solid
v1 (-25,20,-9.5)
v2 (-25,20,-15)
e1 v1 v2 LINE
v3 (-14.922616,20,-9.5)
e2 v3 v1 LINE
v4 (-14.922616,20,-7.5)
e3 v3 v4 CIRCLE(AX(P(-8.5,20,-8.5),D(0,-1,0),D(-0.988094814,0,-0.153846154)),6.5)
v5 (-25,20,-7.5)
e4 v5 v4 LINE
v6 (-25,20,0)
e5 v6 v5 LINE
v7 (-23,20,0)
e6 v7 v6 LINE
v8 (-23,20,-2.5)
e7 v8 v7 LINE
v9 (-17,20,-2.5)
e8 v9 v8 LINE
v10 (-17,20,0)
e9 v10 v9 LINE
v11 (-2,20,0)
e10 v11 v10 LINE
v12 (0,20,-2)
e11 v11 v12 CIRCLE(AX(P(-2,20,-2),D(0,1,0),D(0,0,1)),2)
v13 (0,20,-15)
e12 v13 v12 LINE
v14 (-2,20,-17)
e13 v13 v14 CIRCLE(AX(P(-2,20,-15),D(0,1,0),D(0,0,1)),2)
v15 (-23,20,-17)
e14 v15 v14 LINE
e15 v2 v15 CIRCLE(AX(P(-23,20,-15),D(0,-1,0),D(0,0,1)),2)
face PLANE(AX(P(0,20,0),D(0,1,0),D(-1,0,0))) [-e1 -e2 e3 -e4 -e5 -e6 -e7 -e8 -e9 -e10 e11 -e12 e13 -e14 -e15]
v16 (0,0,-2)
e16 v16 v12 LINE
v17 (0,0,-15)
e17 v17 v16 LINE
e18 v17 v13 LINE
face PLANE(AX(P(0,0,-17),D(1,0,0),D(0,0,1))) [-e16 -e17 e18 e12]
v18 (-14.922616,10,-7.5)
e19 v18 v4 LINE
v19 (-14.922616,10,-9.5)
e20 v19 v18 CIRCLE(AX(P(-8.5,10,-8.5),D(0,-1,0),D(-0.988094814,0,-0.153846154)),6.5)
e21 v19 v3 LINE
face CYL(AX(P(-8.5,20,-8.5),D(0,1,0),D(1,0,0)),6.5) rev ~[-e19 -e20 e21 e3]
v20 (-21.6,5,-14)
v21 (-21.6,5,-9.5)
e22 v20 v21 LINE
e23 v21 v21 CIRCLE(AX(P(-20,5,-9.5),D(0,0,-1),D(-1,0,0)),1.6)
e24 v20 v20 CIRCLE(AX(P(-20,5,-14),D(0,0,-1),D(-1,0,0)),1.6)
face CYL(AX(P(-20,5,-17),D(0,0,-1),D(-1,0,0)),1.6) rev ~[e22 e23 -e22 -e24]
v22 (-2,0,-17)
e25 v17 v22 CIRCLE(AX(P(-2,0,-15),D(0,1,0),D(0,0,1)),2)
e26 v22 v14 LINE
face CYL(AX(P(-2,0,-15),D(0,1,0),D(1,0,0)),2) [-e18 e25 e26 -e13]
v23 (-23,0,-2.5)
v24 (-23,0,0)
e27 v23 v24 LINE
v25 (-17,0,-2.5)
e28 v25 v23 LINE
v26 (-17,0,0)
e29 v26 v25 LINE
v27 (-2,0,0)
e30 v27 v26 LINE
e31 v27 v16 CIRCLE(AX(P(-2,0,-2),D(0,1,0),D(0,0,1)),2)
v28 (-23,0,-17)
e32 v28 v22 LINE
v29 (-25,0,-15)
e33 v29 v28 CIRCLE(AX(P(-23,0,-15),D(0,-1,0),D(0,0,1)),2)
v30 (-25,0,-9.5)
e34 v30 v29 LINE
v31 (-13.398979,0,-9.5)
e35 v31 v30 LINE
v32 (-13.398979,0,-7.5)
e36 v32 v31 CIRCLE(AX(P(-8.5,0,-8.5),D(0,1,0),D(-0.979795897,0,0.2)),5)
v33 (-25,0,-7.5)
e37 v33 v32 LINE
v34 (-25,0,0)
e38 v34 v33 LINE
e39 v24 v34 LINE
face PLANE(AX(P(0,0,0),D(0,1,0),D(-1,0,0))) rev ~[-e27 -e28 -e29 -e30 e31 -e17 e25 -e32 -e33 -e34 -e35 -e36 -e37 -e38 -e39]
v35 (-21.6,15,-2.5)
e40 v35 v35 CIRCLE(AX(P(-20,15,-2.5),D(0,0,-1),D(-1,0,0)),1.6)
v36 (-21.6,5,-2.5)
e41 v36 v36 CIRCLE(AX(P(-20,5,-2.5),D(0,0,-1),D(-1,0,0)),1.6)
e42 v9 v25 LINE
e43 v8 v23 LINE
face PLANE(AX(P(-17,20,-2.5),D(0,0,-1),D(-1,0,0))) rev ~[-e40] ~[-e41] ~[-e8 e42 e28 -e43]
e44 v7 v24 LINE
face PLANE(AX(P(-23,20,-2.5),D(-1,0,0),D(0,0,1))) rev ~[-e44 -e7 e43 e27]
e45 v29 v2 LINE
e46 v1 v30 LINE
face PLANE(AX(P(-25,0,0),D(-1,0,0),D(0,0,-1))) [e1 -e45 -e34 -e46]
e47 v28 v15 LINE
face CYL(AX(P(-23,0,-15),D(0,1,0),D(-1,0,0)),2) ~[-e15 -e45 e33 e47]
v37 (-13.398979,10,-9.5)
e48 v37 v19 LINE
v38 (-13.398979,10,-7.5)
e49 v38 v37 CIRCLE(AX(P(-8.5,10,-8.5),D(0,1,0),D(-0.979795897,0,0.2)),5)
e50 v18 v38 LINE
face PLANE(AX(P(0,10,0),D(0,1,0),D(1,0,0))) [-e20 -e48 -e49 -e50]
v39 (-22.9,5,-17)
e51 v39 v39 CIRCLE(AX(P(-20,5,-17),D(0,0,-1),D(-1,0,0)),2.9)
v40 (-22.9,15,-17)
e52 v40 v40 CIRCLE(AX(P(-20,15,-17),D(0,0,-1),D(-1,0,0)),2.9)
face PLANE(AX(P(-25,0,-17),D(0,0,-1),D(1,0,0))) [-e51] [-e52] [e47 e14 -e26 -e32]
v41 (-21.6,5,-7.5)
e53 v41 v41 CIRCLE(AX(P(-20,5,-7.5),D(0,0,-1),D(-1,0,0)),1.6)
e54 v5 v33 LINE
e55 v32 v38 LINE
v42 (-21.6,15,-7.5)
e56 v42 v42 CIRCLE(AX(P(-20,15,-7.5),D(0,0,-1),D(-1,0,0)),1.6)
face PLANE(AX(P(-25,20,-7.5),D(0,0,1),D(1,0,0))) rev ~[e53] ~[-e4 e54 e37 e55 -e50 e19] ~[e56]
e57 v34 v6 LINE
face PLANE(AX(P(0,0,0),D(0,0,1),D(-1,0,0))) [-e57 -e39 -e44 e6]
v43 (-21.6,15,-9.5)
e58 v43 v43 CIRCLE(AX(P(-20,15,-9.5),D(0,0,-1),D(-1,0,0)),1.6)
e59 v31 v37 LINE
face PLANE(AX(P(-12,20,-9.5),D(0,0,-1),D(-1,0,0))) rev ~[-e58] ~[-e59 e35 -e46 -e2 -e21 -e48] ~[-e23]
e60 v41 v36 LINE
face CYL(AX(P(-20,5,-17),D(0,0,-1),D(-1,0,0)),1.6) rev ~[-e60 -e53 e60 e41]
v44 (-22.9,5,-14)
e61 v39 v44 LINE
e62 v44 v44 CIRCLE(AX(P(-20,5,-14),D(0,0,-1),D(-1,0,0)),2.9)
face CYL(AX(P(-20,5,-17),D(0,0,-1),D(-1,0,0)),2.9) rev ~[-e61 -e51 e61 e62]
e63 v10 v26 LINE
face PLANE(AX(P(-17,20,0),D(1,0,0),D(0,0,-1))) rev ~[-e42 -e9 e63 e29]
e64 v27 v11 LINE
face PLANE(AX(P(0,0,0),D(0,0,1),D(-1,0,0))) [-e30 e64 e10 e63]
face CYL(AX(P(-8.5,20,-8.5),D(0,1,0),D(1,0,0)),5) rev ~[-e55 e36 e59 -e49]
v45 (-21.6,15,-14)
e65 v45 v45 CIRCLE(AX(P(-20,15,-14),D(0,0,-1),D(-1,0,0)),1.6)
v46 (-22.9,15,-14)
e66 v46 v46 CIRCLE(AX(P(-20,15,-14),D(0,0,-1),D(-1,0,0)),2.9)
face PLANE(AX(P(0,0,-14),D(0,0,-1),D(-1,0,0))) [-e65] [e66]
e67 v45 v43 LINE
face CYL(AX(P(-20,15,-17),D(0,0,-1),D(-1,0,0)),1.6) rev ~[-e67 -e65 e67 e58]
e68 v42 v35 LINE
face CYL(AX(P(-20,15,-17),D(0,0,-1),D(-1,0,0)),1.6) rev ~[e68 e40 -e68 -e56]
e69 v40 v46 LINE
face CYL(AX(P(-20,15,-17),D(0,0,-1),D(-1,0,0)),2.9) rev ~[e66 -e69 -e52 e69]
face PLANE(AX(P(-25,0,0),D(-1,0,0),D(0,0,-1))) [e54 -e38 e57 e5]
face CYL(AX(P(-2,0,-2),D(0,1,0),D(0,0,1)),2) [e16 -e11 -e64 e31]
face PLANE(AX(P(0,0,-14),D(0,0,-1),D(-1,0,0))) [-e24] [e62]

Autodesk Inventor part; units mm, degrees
ref_plane "YZ Plane" through (0, 0, 0) normal (1, 0, 0) x (0, 1, 0)
ref_plane "XZ Plane" through (0, 0, 0) normal (0, 1, 0) x (-1, 0, 0)
ref_plane "XY Plane" through (0, 0, 0) normal (0, 0, 1) x (1, 0, 0)
sketch "Sketch1" plane through (0, 0, 0) normal (0, 1, 0) x (-1, 0, 0)
  line L0 (0, 0) -> (25, 0)
  line L1 (25, 0) -> (25, -17)
  line L2 (25, -17) -> (0, -17)
  line L3 (0, -17) -> (0, 0)
  dimension "d0" = 17
  dimension "d1" = 25
extrude "Extrusion1" add sketch "Sketch1" along normal blind 20
sketch "Sketch2" plane through (0, 20, 0) normal (0, 1, 0) x (1, 0, 0)
  circle A0 centre (-8.5, 8.5) radius 5
  line L0 (-25, 0) -> (0, 0) projected
  line L1 (0, 0) -> (0, 17) projected
  dimension "d4" = 10
  dimension "d5" = 8.5
  dimension "d6" = 8.5
extrude "Extrusion2" cut sketch "Sketch2" against normal through all
sketch "Sketch3" plane through (0, 20, 0) normal (0, 1, 0) x (1, 0, 0)
  circle A0 centre (-8.5, 8.5) radius 6.5
  line L0 (-25, 0) -> (0, 0) projected
  line L1 (0, 0) -> (0, 17) projected
  dimension "d9" = 13
  dimension "d10" = 8.5
  dimension "d11" = 8.5
extrude "Extrusion3" cut sketch "Sketch3" against normal blind 10
sketch "Sketch4" plane through (0, 20, 0) normal (0, 1, 0) x (1, 0, 0)
  line L0 (-25, 17) -> (-25, 0) projected
  line L1 (-25, 7.5) -> (-12, 7.5)
  line L2 (-12, 7.5) -> (-12, 9.5)
  line L3 (-12, 9.5) -> (-25, 9.5)
  line L4 (-25, 9.5) -> (-25, 7.5)
  line L5 (-25, 0) -> (0, 0) projected
  dimension "d14" = 2
  dimension "d15" = 7.5
  dimension "d16" = 13
extrude "Extrusion4" cut sketch "Sketch4" against normal through all
sketch "Sketch5" plane through (0, 20, 0) normal (0, 1, 0) x (1, 0, 0)
  line L0 (-23, 0) -> (-17, 0)
  line L1 (-17, 0) -> (-17, 2.5)
  line L2 (-17, 2.5) -> (-23, 2.5)
  line L3 (-23, 2.5) -> (-23, 0)
  line L4 (-25, 7.5) -> (-25, 0) projected
  line L5 (-25, 0) -> (0, 0) projected
  dimension "d19" = 6
  dimension "d20" = 2.5
  dimension "d21" = 2
extrude "Extrusion5" cut sketch "Sketch5" against normal through all
sketch "Sketch6" plane through (0, 0, -17) normal (0, 0, -1) x (-1, 0, 0)
  circle A0 centre (20, 15) radius 1.6
  circle A1 centre (20, 5) radius 1.6
  line L0 (25, 0) -> (25, 20) projected
  line L1 (0, 20) -> (25, 20) projected
  line L2 (0, 0) -> (25, 0) projected
  dimension "d24" = 3.2
  dimension "d25" = 3.2
  dimension "d26" = 5
  dimension "d27" = 5
  dimension "d28" = 5
  dimension "d29" = 5
extrude "Extrusion6" cut sketch "Sketch6" against normal through all
sketch "Sketch7" plane through (0, 0, -17) normal (0, 0, -1) x (-1, 0, 0)
  circle A0 centre (20, 5) radius 2.9
  circle A1 centre (20, 15) radius 2.9
  line L0 (25, 0) -> (25, 20) projected
  line L1 (0, 0) -> (25, 0) projected
  line L2 (0, 20) -> (25, 20) projected
  dimension "d32" = 5.8
  dimension "d33" = 5.8
  dimension "d34" = 5
  dimension "d35" = 5
  dimension "d36" = 5
  dimension "d37" = 5
extrude "Extrusion7" cut sketch "Sketch7" against normal blind 3
fillet "Fillet1" radius 2 3 edges at (0, 10, -17) (0, 10, 0) (-25, 10, -17)
properties part number "ACCROCHE SUR ACIER"
